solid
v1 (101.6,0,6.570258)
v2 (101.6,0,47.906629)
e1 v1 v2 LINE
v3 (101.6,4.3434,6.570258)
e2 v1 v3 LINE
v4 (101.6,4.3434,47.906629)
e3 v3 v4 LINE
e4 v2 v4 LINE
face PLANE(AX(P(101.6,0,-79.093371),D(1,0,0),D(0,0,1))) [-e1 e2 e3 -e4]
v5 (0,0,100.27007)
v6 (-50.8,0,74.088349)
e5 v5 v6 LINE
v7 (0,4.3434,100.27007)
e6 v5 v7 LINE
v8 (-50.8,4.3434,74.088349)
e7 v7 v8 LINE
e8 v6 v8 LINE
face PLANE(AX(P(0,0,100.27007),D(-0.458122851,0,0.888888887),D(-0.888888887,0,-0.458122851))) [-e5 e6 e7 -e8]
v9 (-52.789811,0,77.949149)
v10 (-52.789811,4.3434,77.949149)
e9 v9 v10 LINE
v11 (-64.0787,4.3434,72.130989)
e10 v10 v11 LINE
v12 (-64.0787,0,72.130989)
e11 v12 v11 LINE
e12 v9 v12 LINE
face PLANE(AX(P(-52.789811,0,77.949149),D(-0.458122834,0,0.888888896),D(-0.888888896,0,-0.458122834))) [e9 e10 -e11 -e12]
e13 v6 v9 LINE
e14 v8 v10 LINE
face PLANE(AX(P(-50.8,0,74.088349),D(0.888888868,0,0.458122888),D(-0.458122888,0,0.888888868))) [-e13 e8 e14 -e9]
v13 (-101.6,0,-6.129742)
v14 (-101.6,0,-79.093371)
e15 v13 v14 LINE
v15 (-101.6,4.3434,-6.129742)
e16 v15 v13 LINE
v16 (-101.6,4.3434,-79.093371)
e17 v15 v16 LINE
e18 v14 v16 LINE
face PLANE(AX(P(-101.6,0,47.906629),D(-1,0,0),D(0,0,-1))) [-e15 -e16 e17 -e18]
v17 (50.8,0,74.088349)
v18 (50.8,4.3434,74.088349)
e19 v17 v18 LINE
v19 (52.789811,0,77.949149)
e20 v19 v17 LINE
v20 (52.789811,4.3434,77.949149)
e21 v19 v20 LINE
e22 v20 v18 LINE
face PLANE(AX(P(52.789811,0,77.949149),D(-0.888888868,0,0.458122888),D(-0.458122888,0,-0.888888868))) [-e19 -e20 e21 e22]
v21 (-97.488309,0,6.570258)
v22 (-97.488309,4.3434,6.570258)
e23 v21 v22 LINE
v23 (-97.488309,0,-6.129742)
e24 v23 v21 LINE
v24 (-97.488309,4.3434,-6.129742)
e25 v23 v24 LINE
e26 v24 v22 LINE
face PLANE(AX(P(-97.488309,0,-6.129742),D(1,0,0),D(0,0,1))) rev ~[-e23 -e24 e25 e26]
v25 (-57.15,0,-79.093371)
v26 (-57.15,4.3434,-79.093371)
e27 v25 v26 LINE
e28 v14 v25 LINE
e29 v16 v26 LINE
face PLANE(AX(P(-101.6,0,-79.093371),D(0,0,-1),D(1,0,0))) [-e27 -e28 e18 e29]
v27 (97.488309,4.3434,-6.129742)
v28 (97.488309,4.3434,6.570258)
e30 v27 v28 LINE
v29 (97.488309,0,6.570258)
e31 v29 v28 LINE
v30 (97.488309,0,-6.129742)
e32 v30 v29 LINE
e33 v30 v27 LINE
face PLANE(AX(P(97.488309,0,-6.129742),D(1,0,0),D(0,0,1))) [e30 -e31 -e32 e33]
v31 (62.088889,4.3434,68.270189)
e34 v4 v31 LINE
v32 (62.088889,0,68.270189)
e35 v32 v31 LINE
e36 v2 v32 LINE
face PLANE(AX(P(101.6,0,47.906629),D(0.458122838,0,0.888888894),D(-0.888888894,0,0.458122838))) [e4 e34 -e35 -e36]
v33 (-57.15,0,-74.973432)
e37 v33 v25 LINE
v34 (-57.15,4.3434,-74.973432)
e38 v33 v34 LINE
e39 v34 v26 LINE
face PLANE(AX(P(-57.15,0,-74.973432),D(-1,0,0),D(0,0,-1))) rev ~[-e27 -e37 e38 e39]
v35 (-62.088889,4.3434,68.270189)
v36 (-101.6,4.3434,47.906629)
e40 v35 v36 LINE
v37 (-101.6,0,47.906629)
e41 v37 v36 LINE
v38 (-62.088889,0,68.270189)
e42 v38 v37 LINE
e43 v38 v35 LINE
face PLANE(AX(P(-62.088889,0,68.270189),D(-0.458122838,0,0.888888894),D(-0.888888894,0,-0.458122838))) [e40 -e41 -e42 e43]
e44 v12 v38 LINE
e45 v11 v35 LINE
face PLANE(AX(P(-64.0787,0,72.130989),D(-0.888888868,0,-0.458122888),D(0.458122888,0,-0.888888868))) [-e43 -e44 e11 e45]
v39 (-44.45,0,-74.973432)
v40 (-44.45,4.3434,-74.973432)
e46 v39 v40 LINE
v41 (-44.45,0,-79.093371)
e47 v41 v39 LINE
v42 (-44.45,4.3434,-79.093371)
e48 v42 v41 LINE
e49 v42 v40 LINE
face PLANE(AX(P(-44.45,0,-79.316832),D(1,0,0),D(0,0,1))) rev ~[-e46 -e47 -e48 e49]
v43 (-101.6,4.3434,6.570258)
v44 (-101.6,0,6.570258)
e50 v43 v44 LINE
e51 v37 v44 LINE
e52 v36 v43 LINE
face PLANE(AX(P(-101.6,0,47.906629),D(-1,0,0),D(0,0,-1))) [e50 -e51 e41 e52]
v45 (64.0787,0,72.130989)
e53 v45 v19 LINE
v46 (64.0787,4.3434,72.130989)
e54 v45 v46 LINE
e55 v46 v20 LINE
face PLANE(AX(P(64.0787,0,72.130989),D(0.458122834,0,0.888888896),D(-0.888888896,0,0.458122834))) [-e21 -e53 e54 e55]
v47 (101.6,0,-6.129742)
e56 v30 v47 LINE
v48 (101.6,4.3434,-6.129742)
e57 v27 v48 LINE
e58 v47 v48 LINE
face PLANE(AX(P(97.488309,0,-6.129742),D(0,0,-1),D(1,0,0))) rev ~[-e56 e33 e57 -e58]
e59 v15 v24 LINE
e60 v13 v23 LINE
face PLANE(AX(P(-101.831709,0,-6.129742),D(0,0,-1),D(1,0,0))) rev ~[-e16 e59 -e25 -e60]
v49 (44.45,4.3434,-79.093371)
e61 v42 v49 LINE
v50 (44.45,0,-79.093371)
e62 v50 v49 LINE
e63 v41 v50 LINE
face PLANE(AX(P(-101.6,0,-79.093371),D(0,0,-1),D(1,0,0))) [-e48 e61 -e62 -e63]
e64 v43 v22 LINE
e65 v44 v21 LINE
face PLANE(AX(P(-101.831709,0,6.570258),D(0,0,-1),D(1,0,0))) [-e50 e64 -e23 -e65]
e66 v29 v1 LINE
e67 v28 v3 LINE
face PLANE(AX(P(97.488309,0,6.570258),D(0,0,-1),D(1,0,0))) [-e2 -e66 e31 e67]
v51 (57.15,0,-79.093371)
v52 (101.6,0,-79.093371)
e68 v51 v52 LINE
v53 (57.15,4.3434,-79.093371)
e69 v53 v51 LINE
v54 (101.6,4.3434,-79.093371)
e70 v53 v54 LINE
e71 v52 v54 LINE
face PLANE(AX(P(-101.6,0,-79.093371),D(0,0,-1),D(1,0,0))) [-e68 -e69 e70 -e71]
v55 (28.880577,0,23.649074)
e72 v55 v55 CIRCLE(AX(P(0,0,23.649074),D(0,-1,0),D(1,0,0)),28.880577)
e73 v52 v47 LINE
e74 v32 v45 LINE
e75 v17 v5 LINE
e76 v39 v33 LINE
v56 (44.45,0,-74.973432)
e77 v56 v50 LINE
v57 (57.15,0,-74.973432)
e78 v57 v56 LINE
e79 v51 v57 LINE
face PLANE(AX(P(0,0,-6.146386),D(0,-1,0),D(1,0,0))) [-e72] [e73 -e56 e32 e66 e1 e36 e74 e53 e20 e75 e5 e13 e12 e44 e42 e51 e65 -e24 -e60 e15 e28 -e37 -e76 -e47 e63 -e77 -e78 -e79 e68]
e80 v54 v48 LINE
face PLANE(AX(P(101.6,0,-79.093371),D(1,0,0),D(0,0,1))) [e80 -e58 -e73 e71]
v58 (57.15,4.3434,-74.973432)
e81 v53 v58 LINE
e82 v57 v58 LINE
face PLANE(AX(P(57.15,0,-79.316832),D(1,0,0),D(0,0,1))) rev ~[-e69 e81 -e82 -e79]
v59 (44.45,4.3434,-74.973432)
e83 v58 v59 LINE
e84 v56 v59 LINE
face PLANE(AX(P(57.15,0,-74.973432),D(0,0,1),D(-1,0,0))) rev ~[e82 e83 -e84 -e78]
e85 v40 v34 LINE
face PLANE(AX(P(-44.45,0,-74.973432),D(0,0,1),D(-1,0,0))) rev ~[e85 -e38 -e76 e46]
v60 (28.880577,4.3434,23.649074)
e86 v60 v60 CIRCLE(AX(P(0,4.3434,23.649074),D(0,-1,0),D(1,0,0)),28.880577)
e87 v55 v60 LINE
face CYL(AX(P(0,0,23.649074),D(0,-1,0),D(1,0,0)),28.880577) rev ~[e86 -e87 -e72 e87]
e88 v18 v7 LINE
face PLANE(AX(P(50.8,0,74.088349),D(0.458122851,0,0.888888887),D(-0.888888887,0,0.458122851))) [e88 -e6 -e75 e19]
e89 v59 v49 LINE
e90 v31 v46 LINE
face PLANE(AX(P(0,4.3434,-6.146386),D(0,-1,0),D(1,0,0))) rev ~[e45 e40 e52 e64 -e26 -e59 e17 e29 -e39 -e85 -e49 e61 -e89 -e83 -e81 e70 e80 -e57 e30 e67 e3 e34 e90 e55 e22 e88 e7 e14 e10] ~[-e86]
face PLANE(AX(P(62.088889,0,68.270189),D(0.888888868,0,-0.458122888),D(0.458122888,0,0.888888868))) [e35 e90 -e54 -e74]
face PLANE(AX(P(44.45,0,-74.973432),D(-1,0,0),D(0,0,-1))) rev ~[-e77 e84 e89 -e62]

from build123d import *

# Parameters (mm, degrees)
F0_W     = 12.7
F0_H     = 4.3434
F1_DEPTH = 4.3434
F2_W     = 4.3434
F2_H     = 12.7
F3_DEPTH = 4.3444
F4_R     = 28.880577
F5_DEPTH = 4.3444
F7_DEPTH = 4.3444


with BuildPart() as f1:
    # F0 (on Front) → F1 (new body)
    with BuildSketch(Plane.XZ):
        Polygon((50.8, 74.088349), (0, 100.27007), (-50.8, 74.088349), (-62.088889, 68.270189), (-101.6, 47.906629), (-101.6, -79.093371), (-57.15, -79.093371), (-57.15, -74.749971), (-44.45, -74.749971), (-44.45, -79.093371), (44.45, -79.093371), (44.45, -74.749971), (57.15, -74.749971), (57.15, -79.093371), (101.6, -79.093371), (101.6, 47.906629), (62.088889, 68.270189), align=None)
        Polygon((-62.088889, 68.270189), (-50.8, 74.088349), (-52.789811, 77.949149), (-64.0787, 72.130989), align=None)
        Polygon((52.789811, 77.949149), (50.8, 74.088349), (62.088889, 68.270189), (64.0787, 72.130989), align=None)
        with Locations((-50.8, -76.921671)):
            Rectangle(F0_W, F0_H)
        Polygon((50.8, -79.093371), (57.15, -79.093371), (57.15, -74.749971), (44.45, -74.749971), (44.45, -79.093371), align=None)
    extrude(amount=-F1_DEPTH)

    # F2 (on Front) → F3 (cut, through all)
    with BuildSketch(Plane.XZ):
        with Locations((-99.660009, 0.220258)):
            Rectangle(F2_W, F2_H)
        with Locations((99.660009, 0.220258)):
            Rectangle(F2_W, F2_H)
    extrude(amount=-F3_DEPTH, mode=Mode.SUBTRACT)

    # F4 (on Front) → F5 (cut, through all)
    with BuildSketch(Plane.XZ):
        with Locations((0, 23.649074)):
            Circle(F4_R)
    extrude(amount=-F5_DEPTH, mode=Mode.SUBTRACT)

    # F6 (on Front) → F7 (cut, through all)
    with BuildSketch(Plane.XZ):
        Polygon((-57.15, -79.316832), (-50.8, -79.316832), (-44.45, -79.316832), (-44.45, -74.973432), (-50.8, -74.973432), (-57.15, -74.973432), align=None)
        Polygon((57.15, -79.316832), (57.15, -74.973432), (50.8, -74.973432), (44.45, -74.973432), (44.45, -79.316832), (50.8, -79.316832), align=None)
    extrude(amount=-F7_DEPTH, mode=Mode.SUBTRACT)


solid = f1.part
